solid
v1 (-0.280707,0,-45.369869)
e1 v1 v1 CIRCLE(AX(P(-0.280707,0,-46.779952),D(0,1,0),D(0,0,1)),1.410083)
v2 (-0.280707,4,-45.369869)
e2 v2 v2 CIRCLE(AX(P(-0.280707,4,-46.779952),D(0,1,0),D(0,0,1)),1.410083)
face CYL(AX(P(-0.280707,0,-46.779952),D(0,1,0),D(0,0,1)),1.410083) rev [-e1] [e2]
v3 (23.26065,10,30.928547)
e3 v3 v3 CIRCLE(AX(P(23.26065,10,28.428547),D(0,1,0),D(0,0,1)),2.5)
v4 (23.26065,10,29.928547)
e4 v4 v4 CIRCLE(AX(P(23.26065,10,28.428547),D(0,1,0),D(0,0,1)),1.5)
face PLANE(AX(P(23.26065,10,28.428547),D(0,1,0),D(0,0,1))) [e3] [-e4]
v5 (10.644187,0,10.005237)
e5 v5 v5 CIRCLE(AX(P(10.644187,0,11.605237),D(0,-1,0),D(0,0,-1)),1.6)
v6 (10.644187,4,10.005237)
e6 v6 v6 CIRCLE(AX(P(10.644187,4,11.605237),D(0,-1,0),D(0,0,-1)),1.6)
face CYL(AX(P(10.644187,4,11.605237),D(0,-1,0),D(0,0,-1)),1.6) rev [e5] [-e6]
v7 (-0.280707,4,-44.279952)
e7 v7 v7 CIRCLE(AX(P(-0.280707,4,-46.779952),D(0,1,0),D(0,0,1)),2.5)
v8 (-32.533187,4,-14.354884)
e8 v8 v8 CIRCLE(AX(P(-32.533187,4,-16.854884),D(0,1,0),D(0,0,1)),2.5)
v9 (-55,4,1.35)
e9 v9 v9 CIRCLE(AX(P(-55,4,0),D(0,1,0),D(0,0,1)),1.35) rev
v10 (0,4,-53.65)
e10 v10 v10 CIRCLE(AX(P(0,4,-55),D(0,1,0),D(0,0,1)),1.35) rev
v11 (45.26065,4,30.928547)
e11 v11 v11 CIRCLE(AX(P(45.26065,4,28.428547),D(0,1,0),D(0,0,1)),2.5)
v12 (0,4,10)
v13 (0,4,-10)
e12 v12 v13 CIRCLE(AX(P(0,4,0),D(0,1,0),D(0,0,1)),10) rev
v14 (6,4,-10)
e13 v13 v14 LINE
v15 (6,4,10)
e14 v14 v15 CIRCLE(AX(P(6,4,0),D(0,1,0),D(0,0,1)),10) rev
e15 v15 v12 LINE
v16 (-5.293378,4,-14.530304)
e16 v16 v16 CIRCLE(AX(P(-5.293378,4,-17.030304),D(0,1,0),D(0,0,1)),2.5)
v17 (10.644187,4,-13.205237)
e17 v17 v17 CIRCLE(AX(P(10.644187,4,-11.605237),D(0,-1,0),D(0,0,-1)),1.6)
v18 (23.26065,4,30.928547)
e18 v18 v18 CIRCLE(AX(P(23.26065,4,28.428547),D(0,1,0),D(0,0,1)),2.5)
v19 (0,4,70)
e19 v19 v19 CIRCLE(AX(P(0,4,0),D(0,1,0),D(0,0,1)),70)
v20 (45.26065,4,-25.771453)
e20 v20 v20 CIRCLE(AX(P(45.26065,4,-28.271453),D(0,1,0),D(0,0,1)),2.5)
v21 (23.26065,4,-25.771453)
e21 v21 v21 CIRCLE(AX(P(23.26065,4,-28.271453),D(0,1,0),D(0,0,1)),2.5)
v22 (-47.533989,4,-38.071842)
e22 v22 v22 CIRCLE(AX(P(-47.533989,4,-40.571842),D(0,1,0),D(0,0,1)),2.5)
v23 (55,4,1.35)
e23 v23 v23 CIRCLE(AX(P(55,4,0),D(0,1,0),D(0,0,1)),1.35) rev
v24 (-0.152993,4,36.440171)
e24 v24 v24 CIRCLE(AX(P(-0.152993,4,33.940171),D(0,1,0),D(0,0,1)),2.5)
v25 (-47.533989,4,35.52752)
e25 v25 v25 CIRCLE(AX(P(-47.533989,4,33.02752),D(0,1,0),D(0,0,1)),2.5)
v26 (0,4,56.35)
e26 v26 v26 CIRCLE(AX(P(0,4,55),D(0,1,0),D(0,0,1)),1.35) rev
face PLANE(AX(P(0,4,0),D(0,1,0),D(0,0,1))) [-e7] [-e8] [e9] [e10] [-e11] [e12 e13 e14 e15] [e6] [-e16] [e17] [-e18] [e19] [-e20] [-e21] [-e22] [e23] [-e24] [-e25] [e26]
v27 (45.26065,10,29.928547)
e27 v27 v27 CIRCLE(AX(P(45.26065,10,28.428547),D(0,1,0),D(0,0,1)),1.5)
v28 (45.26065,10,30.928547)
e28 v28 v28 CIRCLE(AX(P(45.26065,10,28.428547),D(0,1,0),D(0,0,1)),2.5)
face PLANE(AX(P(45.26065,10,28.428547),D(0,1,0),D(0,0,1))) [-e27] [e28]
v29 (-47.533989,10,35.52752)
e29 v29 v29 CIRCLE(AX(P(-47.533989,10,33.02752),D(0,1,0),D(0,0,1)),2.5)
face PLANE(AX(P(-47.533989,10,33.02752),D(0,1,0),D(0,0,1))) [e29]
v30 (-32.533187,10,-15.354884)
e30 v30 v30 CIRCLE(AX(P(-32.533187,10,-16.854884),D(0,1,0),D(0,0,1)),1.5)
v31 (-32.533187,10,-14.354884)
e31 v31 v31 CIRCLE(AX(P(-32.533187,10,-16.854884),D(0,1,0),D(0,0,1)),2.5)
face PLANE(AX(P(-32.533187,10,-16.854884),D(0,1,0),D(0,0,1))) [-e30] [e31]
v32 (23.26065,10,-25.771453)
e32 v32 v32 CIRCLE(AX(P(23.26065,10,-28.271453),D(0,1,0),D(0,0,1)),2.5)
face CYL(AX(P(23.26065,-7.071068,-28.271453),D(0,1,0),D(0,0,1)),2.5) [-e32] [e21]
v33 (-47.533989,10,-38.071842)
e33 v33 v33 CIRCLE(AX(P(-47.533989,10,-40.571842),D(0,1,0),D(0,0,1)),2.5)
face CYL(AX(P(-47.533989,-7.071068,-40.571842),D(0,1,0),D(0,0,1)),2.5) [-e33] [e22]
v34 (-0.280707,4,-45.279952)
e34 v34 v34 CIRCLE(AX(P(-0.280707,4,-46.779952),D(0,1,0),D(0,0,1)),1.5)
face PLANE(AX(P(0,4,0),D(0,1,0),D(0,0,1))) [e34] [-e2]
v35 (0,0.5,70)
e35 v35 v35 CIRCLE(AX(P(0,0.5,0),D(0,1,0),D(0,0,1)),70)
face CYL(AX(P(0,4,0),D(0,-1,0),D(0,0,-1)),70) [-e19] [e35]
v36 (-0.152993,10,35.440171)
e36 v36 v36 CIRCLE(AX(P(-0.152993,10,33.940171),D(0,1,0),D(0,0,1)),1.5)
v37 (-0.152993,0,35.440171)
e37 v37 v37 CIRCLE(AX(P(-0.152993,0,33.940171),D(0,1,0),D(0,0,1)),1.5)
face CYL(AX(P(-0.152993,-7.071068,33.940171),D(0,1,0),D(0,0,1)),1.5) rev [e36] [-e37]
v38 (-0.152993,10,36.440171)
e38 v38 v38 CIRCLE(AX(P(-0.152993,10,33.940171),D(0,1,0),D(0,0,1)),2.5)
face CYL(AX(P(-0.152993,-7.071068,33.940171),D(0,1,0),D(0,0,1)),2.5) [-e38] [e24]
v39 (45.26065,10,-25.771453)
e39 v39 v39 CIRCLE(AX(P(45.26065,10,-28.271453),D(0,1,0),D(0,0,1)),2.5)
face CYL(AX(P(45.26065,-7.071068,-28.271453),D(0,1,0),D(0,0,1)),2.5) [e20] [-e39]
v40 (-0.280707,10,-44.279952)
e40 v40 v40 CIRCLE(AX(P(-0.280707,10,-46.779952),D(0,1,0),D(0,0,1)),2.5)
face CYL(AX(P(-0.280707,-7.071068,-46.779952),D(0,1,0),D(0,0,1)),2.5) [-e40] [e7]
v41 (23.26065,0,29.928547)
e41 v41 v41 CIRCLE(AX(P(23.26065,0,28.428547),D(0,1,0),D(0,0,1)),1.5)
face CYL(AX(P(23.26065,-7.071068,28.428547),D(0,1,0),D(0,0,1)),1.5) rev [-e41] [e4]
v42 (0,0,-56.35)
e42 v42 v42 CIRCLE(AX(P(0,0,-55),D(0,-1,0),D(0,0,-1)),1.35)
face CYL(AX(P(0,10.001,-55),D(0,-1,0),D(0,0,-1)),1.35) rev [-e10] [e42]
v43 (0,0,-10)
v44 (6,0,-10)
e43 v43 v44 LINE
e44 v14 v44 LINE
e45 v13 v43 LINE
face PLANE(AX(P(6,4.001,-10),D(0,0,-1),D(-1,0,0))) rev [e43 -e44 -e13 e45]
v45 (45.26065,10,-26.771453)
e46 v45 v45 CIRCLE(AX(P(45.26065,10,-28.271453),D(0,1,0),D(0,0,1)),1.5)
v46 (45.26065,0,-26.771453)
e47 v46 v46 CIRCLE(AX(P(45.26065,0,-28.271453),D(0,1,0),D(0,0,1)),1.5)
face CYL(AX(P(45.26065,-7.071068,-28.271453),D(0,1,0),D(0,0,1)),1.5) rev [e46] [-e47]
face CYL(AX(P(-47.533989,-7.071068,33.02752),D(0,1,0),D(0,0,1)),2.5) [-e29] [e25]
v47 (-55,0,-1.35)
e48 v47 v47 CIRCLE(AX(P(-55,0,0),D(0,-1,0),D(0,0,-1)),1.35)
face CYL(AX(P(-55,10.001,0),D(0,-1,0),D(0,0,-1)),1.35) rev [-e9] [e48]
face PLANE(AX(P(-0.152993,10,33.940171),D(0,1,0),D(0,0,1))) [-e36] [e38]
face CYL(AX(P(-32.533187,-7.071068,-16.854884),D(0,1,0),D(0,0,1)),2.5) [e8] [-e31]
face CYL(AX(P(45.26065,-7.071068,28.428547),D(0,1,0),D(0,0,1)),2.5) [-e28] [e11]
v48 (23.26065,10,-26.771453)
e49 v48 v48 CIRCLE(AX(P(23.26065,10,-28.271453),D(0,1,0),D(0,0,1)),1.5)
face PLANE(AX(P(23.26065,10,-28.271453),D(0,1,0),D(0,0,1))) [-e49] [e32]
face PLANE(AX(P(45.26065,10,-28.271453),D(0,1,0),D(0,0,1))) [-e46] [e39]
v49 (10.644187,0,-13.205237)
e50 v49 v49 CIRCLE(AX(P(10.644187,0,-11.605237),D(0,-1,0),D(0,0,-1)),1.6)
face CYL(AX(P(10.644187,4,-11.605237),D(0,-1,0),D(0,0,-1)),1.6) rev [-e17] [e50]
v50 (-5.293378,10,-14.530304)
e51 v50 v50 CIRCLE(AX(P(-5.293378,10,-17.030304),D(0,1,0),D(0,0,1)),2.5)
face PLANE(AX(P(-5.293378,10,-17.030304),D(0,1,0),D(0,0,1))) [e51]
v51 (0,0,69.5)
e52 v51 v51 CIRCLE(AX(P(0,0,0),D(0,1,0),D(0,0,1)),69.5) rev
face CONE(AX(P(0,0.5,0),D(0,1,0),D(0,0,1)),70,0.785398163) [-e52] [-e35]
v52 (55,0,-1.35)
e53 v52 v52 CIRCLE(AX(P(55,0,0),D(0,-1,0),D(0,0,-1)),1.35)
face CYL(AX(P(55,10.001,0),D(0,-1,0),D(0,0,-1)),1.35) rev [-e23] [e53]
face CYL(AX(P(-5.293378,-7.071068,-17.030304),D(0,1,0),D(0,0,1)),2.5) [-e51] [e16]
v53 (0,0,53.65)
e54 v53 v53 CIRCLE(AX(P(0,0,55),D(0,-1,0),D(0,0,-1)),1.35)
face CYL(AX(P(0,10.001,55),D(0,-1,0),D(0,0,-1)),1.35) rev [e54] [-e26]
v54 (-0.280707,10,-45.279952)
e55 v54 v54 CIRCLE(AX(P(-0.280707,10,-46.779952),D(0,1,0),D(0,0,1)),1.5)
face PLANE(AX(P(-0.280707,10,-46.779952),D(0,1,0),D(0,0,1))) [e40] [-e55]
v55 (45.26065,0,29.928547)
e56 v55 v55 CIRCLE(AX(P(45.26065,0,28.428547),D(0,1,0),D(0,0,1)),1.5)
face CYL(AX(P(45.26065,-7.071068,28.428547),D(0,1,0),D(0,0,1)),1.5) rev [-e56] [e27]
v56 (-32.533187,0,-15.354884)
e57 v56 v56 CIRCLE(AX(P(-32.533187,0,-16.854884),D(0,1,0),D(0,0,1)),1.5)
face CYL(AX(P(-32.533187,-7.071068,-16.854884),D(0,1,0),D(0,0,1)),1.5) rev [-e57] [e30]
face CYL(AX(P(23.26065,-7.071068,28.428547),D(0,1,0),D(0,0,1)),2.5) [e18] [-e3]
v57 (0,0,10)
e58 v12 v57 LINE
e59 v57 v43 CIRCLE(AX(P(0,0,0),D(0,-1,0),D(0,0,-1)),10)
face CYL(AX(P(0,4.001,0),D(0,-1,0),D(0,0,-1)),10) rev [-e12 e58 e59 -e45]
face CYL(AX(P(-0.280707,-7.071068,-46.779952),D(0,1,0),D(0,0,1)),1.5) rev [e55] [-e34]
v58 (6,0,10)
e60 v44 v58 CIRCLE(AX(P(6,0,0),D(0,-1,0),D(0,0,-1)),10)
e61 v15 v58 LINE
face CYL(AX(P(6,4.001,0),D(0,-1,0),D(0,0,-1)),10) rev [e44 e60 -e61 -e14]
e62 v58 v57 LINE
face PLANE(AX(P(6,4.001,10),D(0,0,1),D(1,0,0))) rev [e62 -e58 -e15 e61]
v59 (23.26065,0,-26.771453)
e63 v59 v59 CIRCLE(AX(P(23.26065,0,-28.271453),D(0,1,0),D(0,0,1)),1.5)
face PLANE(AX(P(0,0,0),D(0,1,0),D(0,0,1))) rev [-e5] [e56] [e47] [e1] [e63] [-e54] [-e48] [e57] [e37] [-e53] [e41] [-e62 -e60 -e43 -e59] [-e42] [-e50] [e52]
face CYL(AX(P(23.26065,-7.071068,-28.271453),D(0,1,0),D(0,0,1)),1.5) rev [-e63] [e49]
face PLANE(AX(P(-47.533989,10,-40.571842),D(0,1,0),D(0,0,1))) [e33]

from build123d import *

# Parameters (mm, degrees)
SKIZZE1_R                            = 70
AUFSATZ_LINEAR_AUSTRAGEN1_DEPTH      = 4
SCHNITT_LINEAR_AUSTRAGEN1_REACH      = 6
SKIZZE2_R                            = 2.5
SKIZZE2_R_2                          = 1.5
AUFSATZ_LINEAR_AUSTRAGEN2_DEPTH      = 6
AUFSATZ_LINEAR_AUSTRAGEN2_DEPTH_BACK = 4
SKIZZE4_R                            = 1.5
SKIZZE4_R_2                          = 1.410083192
SCHNITT_LINEAR_AUSTRAGEN2_DEPTH      = 5
FASE1_SIZE                           = 0.5
SCHNITT_LINEAR_AUSTRAGEN3_REACH      = 12
SKIZZE5_R                            = 1.35
SKIZZE6_R                            = 1.6
SCHNITT_LINEAR_AUSTRAGEN4_DEPTH      = 4


with BuildPart() as part:
    # Skizze1 → Aufsatz-Linear austragen1 (new body)
    with BuildSketch(Plane(origin=(0, 0, 0), x_dir=(1, 0, 0), z_dir=(0, 1, 0))):
        Circle(SKIZZE1_R)
    extrude(amount=AUFSATZ_LINEAR_AUSTRAGEN1_DEPTH)

    # Skizze3 → Schnitt-Linear austragen1 (cut, up to next)
    with BuildSketch(Plane.XZ, mode=Mode.PRIVATE) as schnitt_linear_austragen1_sk1:
        with BuildLine():
            Line((6, -10), (0, -10))
            ThreePointArc((0, -10), (-10, 0), (0, 10))
            Line((0, 10), (6, 10))
            ThreePointArc((6, 10), (16, 0), (6, -10))
        make_face()
    schnitt_linear_austragen1_tool1 = extrude(schnitt_linear_austragen1_sk1.sketch, amount=-SCHNITT_LINEAR_AUSTRAGEN1_REACH, mode=Mode.PRIVATE) & part.part
    add(schnitt_linear_austragen1_tool1.solids().sort_by_distance((3, 0, 0))[0], mode=Mode.SUBTRACT)

    # Skizze2 → Aufsatz-Linear austragen2 (add, two sides)
    with BuildSketch(Plane(origin=(0, 4, 0), x_dir=(1, 0, 0), z_dir=(0, 1, 0))) as aufsatz_linear_austragen2_sk:
        with Locations((-47.533988615, 40.571841958)):
            Circle(SKIZZE2_R)
        with Locations((-5.293377745, 17.030303573)):
            Circle(SKIZZE2_R)
        with Locations((-47.533988615, -33.027520141)):
            Circle(SKIZZE2_R)
        with Locations((-32.533187453, 16.85488412)):
            Circle(SKIZZE2_R)
        with Locations((-32.533187453, 16.85488412)):
            Circle(SKIZZE2_R_2, mode=Mode.SUBTRACT)
        with Locations((-0.280707317, 46.779952313)):
            Circle(SKIZZE2_R)
        with Locations((-0.280707317, 46.779952313)):
            Circle(SKIZZE2_R_2, mode=Mode.SUBTRACT)
        with Locations((23.260650032, 28.271453094)):
            Circle(SKIZZE2_R)
        with Locations((23.260650032, 28.271453094)):
            Circle(SKIZZE2_R_2, mode=Mode.SUBTRACT)
        with Locations((45.260650032, 28.271453094)):
            Circle(SKIZZE2_R)
        with Locations((45.260650032, 28.271453094)):
            Circle(SKIZZE2_R_2, mode=Mode.SUBTRACT)
        with Locations((45.260650032, -28.428546906)):
            Circle(SKIZZE2_R)
        with Locations((45.260650032, -28.428546906)):
            Circle(SKIZZE2_R_2, mode=Mode.SUBTRACT)
        with Locations((23.260650032, -28.428546906)):
            Circle(SKIZZE2_R)
        with Locations((23.260650032, -28.428546906)):
            Circle(SKIZZE2_R_2, mode=Mode.SUBTRACT)
        with Locations((-0.152992521, -33.940171336)):
            Circle(SKIZZE2_R)
        with Locations((-0.152992521, -33.940171336)):
            Circle(SKIZZE2_R_2, mode=Mode.SUBTRACT)
    extrude(amount=AUFSATZ_LINEAR_AUSTRAGEN2_DEPTH)
    extrude(aufsatz_linear_austragen2_sk.sketch, amount=-AUFSATZ_LINEAR_AUSTRAGEN2_DEPTH_BACK)

    # Skizze4 → Schnitt-Linear austragen2 (cut, through all)
    with BuildSketch(Plane(origin=(0, 4, 0), x_dir=(1, 0, 0), z_dir=(0, 1, 0))):
        with Locations((-32.533187453, 16.85488412)):
            Circle(SKIZZE4_R)
        with Locations((23.260650032, 28.271453094)):
            Circle(SKIZZE4_R)
        with Locations((45.260650032, 28.271453094)):
            Circle(SKIZZE4_R)
        with Locations((45.260650032, -28.428546906)):
            Circle(SKIZZE4_R)
        with Locations((23.260650032, -28.428546906)):
            Circle(SKIZZE4_R)
        with Locations((-0.152992521, -33.940171336)):
            Circle(SKIZZE4_R)
        with Locations((-0.280707317, 46.779952313)):
            Circle(SKIZZE4_R_2)
    extrude(amount=-SCHNITT_LINEAR_AUSTRAGEN2_DEPTH, mode=Mode.SUBTRACT)

    # Fase1
    fase1_edges = [part.edges().sort_by_distance(p)[0] for p in [
        (-70, 0, 0),
    ]]
    chamfer(fase1_edges, length=FASE1_SIZE)

    # Skizze5 → Schnitt-Linear austragen3 (cut, up to next)
    with BuildSketch(Plane.XZ, mode=Mode.PRIVATE) as schnitt_linear_austragen3_sk1:
        with Locations((-55, 0)):
            Circle(SKIZZE5_R)
    schnitt_linear_austragen3_tool1 = extrude(schnitt_linear_austragen3_sk1.sketch, amount=-SCHNITT_LINEAR_AUSTRAGEN3_REACH, mode=Mode.PRIVATE) & part.part
    add(schnitt_linear_austragen3_tool1.solids().sort_by_distance((-55, 0, 0))[0], mode=Mode.SUBTRACT)
    # Skizze5 → Schnitt-Linear austragen3 (cut, up to next)
    with BuildSketch(Plane.XZ, mode=Mode.PRIVATE) as schnitt_linear_austragen3_sk2:
        with Locations((55, 0)):
            Circle(SKIZZE5_R)
    schnitt_linear_austragen3_tool2 = extrude(schnitt_linear_austragen3_sk2.sketch, amount=-SCHNITT_LINEAR_AUSTRAGEN3_REACH, mode=Mode.PRIVATE) & part.part
    add(schnitt_linear_austragen3_tool2.solids().sort_by_distance((55, 0, 0))[0], mode=Mode.SUBTRACT)
    # Skizze5 → Schnitt-Linear austragen3 (cut, up to next)
    with BuildSketch(Plane.XZ, mode=Mode.PRIVATE) as schnitt_linear_austragen3_sk3:
        with Locations((0, -55)):
            Circle(SKIZZE5_R)
    schnitt_linear_austragen3_tool3 = extrude(schnitt_linear_austragen3_sk3.sketch, amount=-SCHNITT_LINEAR_AUSTRAGEN3_REACH, mode=Mode.PRIVATE) & part.part
    add(schnitt_linear_austragen3_tool3.solids().sort_by_distance((0, 0, -55))[0], mode=Mode.SUBTRACT)
    # Skizze5 → Schnitt-Linear austragen3 (cut, up to next)
    with BuildSketch(Plane.XZ, mode=Mode.PRIVATE) as schnitt_linear_austragen3_sk4:
        with Locations((0, 55)):
            Circle(SKIZZE5_R)
    schnitt_linear_austragen3_tool4 = extrude(schnitt_linear_austragen3_sk4.sketch, amount=-SCHNITT_LINEAR_AUSTRAGEN3_REACH, mode=Mode.PRIVATE) & part.part
    add(schnitt_linear_austragen3_tool4.solids().sort_by_distance((0, 0, 55))[0], mode=Mode.SUBTRACT)

    # Skizze6 → Schnitt-Linear austragen4 (cut)
    with BuildSketch(Plane(origin=(0, 0, 0), x_dir=(-1, 0, 0), z_dir=(0, -1, 0))):
        with Locations((-10.644187298, 11.605236936)):
            Circle(SKIZZE6_R)
        with Locations((-10.644187298, -11.605236936)):
            Circle(SKIZZE6_R)
    extrude(amount=-SCHNITT_LINEAR_AUSTRAGEN4_DEPTH, mode=Mode.SUBTRACT)


solid = part.part
